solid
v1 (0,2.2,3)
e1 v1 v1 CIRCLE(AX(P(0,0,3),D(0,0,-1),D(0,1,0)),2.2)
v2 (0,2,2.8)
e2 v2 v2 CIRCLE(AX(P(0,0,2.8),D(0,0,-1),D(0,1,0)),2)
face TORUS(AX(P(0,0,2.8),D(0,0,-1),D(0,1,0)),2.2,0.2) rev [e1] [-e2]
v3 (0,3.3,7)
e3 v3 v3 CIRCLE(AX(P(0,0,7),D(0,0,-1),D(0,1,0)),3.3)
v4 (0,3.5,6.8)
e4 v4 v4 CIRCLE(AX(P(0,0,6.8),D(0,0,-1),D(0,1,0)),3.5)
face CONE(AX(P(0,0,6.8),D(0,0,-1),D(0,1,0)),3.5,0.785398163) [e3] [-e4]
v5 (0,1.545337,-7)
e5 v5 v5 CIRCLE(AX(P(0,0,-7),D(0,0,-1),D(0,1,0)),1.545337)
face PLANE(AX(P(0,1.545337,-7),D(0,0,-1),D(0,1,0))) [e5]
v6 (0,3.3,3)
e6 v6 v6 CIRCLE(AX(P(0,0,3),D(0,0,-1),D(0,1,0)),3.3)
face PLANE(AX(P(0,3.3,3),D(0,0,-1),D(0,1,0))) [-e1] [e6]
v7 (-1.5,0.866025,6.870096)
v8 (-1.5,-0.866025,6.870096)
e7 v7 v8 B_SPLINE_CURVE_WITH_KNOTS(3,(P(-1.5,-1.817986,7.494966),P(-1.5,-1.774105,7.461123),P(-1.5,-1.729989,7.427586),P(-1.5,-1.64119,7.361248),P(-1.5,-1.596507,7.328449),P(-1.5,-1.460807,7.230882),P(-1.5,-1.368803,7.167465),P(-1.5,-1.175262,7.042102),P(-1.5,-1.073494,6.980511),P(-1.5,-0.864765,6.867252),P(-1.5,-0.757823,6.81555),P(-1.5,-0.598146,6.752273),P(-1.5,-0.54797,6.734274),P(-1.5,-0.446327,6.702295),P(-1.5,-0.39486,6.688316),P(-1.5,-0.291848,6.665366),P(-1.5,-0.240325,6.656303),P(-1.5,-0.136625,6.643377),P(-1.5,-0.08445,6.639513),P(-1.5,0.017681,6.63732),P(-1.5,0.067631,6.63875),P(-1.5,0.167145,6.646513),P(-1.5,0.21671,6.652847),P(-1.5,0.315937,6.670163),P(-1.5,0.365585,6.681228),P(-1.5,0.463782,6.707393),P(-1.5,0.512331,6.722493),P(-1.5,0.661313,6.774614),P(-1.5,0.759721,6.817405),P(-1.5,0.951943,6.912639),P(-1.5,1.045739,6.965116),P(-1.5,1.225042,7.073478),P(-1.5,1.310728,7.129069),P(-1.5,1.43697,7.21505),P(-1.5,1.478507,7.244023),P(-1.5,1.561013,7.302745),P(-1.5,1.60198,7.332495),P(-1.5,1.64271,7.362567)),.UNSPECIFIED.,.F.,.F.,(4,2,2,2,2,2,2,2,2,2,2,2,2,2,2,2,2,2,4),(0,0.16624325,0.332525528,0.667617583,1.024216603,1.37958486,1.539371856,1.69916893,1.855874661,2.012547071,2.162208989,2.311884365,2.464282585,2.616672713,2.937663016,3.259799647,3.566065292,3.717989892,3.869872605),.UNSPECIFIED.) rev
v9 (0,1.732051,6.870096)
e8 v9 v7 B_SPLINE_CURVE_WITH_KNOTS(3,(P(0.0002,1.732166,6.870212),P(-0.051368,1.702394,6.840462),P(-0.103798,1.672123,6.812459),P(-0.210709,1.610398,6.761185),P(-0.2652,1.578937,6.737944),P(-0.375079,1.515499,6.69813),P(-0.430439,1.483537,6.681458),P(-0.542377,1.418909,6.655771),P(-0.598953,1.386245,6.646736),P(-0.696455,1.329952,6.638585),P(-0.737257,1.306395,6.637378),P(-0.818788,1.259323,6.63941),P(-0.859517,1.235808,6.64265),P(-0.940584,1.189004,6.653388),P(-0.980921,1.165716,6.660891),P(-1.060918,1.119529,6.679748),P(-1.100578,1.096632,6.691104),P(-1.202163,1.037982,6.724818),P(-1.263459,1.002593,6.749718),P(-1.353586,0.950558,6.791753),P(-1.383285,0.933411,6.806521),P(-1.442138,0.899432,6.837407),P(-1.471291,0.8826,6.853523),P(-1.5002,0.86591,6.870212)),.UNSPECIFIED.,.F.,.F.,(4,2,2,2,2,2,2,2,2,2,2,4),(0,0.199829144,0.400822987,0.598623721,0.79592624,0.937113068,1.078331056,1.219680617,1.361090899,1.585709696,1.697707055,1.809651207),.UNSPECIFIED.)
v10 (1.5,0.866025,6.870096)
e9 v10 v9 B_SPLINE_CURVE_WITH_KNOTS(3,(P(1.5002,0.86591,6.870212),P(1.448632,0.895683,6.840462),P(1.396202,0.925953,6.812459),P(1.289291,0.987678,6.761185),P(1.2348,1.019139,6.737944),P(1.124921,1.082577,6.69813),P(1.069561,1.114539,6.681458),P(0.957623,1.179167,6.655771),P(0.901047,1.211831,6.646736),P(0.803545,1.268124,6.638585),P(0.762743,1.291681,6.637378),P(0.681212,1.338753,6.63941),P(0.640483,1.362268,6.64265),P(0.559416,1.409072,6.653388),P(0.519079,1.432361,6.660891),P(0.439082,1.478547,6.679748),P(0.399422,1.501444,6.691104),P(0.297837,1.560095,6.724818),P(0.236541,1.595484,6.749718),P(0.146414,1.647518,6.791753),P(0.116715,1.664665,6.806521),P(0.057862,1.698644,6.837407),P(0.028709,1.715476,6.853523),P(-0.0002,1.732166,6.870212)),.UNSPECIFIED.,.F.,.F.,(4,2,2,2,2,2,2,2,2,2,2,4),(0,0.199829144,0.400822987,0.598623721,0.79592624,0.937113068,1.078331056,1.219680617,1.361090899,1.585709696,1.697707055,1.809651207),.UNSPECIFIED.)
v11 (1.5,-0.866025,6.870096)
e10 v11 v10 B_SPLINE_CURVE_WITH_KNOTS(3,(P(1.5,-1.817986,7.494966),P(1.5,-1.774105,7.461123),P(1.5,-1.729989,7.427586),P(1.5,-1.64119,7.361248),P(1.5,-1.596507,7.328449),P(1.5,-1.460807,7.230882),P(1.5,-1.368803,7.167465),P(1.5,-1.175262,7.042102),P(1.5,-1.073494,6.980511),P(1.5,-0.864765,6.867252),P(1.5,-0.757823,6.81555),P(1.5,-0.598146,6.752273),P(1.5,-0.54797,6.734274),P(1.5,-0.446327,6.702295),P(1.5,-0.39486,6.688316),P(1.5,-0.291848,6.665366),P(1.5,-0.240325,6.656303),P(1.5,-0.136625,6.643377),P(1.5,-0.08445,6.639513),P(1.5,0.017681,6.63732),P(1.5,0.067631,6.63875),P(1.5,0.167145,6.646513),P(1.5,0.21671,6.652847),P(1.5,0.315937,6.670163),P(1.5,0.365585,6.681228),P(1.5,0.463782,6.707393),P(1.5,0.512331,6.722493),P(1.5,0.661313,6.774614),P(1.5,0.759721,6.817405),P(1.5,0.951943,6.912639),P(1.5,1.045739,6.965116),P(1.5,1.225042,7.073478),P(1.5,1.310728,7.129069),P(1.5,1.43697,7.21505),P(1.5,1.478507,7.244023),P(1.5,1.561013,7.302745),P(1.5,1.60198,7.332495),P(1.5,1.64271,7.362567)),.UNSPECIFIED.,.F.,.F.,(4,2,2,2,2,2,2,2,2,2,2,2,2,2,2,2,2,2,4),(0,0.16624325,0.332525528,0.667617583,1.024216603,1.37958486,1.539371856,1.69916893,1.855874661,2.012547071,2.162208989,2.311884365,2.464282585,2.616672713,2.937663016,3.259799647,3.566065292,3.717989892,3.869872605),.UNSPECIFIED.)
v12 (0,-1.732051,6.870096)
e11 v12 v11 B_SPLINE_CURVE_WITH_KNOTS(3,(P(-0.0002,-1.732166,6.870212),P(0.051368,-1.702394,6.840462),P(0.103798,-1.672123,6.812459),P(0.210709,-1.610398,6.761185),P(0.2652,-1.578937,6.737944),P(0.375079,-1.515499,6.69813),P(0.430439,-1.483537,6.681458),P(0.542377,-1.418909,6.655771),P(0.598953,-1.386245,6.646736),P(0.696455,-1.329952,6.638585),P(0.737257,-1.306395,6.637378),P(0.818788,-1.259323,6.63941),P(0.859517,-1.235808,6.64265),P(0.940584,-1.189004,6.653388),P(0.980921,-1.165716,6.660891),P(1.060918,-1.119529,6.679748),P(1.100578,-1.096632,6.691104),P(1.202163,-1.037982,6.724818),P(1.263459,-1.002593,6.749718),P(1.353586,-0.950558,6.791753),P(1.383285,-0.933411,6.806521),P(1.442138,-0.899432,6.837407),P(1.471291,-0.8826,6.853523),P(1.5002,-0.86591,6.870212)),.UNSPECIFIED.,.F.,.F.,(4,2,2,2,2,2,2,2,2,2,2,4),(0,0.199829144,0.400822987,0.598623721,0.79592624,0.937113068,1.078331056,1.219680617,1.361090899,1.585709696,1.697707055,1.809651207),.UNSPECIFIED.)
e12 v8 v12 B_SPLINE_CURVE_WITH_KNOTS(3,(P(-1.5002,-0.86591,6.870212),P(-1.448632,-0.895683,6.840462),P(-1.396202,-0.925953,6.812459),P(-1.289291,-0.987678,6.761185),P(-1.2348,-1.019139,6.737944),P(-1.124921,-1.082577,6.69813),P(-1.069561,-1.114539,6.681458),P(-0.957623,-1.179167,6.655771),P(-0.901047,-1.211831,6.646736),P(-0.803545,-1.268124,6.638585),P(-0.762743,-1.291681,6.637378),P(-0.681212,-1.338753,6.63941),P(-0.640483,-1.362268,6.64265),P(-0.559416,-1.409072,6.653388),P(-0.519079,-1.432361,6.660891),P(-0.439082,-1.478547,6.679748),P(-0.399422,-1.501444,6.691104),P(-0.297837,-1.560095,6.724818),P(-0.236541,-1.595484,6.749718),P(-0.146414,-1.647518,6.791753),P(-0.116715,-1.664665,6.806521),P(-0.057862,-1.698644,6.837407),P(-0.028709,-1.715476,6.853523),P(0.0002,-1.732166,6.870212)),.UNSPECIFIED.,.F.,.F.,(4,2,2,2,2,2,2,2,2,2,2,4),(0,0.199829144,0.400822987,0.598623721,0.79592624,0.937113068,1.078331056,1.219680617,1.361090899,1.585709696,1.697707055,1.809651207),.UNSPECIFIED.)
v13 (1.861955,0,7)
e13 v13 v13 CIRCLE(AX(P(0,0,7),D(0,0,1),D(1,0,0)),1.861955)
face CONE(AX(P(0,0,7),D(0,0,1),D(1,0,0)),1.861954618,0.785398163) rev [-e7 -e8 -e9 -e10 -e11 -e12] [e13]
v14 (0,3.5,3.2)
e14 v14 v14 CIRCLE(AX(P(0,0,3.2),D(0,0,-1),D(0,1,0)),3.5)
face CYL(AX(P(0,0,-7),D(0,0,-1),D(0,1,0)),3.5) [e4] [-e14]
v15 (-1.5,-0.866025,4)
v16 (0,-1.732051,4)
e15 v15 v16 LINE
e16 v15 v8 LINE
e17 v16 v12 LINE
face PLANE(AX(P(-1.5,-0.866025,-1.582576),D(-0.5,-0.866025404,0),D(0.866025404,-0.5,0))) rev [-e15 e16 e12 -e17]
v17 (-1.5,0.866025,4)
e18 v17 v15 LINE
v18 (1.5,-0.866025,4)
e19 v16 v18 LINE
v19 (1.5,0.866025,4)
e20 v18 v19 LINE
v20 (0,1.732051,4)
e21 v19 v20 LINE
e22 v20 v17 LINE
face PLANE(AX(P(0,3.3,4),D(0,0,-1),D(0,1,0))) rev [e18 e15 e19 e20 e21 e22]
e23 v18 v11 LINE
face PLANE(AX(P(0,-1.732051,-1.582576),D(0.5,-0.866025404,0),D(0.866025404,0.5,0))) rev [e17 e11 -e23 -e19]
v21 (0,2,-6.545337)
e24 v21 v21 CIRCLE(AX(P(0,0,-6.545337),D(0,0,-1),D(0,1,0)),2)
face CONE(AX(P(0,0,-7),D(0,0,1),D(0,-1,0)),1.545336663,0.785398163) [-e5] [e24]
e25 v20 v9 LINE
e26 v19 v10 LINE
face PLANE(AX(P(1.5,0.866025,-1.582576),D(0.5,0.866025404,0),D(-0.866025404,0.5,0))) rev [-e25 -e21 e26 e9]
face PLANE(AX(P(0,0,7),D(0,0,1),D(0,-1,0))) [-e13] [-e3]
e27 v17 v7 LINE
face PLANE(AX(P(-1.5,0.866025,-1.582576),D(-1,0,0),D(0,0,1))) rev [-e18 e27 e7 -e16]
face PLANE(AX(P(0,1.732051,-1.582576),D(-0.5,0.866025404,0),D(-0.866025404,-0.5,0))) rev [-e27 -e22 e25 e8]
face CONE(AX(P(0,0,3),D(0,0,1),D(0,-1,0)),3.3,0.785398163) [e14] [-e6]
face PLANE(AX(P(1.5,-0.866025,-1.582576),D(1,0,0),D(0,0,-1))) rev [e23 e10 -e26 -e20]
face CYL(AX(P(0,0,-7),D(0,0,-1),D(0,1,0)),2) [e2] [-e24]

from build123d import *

# Parameters (mm, degrees)
CUT_EXTRUDE1_DEPTH = 3
SKETCH4_R          = 1.861954618
CUT_EXTRUDE2_DEPTH = 3
CUT_EXTRUDE2_DRAFT = -45


with BuildPart() as part:
    # Sketch2 → Revolve1 (revolve)
    with BuildSketch(Plane(origin=(0, 0, 0), x_dir=(0, 0, -1), z_dir=(1, 0, 0))):
        with BuildLine():
            Line((-7, 0), (-7, 3.3))
            Line((-7, 3.3), (-6.8, 3.5))
            Line((-6.8, 3.5), (-3.2, 3.5))
            Line((-3.2, 3.5), (-3, 3.3))
            Line((-3, 3.3), (-3, 2.2))
            ThreePointArc((-3, 2.2), (-2.941421356, 2.058578644), (-2.8, 2))
            Line((-2.8, 2), (6.545336663, 2))
            Line((6.545336663, 2), (7, 1.545336663))
            Line((7, 1.545336663), (7, 0))
            Line((7, 0), (-7, 0))
        make_face()
    revolve(axis=Axis((0, 0, -7), (0, 0, 1)))

    # Sketch3 → Cut-Extrude1 (cut)
    with BuildSketch(Plane.XY.offset(7)):
        Polygon((1.5, -0.866025404), (1.5, 0.866025404), (0, 1.732050808), (-1.5, 0.866025404), (-1.5, -0.866025404), (0, -1.732050808), align=None)
    extrude(amount=-CUT_EXTRUDE1_DEPTH, mode=Mode.SUBTRACT)


with BuildPart() as cut_extrude2_tool:
    # Sketch4 → Cut-Extrude2 (with draft: the straight prism first)
    with BuildSketch(Plane.XY.offset(7)):
        Circle(SKETCH4_R)
    extrude(amount=-CUT_EXTRUDE2_DEPTH)
    # Cut-Extrude2: the draft: its side faces are tilted about the plane it starts from
    cut_extrude2_sides = [cut_extrude2_tool.faces().sort_by_distance(p)[0] for p in [
        (-1.861954618, 0, 5.5),
    ]]
    draft(cut_extrude2_sides, Plane.XY.offset(7), CUT_EXTRUDE2_DRAFT)


with BuildPart() as part_1:
    add(part.part)

    # Cut-Extrude2: cut by cut_extrude2_tool
    add(cut_extrude2_tool.part, mode=Mode.SUBTRACT)


solid = part_1.part
